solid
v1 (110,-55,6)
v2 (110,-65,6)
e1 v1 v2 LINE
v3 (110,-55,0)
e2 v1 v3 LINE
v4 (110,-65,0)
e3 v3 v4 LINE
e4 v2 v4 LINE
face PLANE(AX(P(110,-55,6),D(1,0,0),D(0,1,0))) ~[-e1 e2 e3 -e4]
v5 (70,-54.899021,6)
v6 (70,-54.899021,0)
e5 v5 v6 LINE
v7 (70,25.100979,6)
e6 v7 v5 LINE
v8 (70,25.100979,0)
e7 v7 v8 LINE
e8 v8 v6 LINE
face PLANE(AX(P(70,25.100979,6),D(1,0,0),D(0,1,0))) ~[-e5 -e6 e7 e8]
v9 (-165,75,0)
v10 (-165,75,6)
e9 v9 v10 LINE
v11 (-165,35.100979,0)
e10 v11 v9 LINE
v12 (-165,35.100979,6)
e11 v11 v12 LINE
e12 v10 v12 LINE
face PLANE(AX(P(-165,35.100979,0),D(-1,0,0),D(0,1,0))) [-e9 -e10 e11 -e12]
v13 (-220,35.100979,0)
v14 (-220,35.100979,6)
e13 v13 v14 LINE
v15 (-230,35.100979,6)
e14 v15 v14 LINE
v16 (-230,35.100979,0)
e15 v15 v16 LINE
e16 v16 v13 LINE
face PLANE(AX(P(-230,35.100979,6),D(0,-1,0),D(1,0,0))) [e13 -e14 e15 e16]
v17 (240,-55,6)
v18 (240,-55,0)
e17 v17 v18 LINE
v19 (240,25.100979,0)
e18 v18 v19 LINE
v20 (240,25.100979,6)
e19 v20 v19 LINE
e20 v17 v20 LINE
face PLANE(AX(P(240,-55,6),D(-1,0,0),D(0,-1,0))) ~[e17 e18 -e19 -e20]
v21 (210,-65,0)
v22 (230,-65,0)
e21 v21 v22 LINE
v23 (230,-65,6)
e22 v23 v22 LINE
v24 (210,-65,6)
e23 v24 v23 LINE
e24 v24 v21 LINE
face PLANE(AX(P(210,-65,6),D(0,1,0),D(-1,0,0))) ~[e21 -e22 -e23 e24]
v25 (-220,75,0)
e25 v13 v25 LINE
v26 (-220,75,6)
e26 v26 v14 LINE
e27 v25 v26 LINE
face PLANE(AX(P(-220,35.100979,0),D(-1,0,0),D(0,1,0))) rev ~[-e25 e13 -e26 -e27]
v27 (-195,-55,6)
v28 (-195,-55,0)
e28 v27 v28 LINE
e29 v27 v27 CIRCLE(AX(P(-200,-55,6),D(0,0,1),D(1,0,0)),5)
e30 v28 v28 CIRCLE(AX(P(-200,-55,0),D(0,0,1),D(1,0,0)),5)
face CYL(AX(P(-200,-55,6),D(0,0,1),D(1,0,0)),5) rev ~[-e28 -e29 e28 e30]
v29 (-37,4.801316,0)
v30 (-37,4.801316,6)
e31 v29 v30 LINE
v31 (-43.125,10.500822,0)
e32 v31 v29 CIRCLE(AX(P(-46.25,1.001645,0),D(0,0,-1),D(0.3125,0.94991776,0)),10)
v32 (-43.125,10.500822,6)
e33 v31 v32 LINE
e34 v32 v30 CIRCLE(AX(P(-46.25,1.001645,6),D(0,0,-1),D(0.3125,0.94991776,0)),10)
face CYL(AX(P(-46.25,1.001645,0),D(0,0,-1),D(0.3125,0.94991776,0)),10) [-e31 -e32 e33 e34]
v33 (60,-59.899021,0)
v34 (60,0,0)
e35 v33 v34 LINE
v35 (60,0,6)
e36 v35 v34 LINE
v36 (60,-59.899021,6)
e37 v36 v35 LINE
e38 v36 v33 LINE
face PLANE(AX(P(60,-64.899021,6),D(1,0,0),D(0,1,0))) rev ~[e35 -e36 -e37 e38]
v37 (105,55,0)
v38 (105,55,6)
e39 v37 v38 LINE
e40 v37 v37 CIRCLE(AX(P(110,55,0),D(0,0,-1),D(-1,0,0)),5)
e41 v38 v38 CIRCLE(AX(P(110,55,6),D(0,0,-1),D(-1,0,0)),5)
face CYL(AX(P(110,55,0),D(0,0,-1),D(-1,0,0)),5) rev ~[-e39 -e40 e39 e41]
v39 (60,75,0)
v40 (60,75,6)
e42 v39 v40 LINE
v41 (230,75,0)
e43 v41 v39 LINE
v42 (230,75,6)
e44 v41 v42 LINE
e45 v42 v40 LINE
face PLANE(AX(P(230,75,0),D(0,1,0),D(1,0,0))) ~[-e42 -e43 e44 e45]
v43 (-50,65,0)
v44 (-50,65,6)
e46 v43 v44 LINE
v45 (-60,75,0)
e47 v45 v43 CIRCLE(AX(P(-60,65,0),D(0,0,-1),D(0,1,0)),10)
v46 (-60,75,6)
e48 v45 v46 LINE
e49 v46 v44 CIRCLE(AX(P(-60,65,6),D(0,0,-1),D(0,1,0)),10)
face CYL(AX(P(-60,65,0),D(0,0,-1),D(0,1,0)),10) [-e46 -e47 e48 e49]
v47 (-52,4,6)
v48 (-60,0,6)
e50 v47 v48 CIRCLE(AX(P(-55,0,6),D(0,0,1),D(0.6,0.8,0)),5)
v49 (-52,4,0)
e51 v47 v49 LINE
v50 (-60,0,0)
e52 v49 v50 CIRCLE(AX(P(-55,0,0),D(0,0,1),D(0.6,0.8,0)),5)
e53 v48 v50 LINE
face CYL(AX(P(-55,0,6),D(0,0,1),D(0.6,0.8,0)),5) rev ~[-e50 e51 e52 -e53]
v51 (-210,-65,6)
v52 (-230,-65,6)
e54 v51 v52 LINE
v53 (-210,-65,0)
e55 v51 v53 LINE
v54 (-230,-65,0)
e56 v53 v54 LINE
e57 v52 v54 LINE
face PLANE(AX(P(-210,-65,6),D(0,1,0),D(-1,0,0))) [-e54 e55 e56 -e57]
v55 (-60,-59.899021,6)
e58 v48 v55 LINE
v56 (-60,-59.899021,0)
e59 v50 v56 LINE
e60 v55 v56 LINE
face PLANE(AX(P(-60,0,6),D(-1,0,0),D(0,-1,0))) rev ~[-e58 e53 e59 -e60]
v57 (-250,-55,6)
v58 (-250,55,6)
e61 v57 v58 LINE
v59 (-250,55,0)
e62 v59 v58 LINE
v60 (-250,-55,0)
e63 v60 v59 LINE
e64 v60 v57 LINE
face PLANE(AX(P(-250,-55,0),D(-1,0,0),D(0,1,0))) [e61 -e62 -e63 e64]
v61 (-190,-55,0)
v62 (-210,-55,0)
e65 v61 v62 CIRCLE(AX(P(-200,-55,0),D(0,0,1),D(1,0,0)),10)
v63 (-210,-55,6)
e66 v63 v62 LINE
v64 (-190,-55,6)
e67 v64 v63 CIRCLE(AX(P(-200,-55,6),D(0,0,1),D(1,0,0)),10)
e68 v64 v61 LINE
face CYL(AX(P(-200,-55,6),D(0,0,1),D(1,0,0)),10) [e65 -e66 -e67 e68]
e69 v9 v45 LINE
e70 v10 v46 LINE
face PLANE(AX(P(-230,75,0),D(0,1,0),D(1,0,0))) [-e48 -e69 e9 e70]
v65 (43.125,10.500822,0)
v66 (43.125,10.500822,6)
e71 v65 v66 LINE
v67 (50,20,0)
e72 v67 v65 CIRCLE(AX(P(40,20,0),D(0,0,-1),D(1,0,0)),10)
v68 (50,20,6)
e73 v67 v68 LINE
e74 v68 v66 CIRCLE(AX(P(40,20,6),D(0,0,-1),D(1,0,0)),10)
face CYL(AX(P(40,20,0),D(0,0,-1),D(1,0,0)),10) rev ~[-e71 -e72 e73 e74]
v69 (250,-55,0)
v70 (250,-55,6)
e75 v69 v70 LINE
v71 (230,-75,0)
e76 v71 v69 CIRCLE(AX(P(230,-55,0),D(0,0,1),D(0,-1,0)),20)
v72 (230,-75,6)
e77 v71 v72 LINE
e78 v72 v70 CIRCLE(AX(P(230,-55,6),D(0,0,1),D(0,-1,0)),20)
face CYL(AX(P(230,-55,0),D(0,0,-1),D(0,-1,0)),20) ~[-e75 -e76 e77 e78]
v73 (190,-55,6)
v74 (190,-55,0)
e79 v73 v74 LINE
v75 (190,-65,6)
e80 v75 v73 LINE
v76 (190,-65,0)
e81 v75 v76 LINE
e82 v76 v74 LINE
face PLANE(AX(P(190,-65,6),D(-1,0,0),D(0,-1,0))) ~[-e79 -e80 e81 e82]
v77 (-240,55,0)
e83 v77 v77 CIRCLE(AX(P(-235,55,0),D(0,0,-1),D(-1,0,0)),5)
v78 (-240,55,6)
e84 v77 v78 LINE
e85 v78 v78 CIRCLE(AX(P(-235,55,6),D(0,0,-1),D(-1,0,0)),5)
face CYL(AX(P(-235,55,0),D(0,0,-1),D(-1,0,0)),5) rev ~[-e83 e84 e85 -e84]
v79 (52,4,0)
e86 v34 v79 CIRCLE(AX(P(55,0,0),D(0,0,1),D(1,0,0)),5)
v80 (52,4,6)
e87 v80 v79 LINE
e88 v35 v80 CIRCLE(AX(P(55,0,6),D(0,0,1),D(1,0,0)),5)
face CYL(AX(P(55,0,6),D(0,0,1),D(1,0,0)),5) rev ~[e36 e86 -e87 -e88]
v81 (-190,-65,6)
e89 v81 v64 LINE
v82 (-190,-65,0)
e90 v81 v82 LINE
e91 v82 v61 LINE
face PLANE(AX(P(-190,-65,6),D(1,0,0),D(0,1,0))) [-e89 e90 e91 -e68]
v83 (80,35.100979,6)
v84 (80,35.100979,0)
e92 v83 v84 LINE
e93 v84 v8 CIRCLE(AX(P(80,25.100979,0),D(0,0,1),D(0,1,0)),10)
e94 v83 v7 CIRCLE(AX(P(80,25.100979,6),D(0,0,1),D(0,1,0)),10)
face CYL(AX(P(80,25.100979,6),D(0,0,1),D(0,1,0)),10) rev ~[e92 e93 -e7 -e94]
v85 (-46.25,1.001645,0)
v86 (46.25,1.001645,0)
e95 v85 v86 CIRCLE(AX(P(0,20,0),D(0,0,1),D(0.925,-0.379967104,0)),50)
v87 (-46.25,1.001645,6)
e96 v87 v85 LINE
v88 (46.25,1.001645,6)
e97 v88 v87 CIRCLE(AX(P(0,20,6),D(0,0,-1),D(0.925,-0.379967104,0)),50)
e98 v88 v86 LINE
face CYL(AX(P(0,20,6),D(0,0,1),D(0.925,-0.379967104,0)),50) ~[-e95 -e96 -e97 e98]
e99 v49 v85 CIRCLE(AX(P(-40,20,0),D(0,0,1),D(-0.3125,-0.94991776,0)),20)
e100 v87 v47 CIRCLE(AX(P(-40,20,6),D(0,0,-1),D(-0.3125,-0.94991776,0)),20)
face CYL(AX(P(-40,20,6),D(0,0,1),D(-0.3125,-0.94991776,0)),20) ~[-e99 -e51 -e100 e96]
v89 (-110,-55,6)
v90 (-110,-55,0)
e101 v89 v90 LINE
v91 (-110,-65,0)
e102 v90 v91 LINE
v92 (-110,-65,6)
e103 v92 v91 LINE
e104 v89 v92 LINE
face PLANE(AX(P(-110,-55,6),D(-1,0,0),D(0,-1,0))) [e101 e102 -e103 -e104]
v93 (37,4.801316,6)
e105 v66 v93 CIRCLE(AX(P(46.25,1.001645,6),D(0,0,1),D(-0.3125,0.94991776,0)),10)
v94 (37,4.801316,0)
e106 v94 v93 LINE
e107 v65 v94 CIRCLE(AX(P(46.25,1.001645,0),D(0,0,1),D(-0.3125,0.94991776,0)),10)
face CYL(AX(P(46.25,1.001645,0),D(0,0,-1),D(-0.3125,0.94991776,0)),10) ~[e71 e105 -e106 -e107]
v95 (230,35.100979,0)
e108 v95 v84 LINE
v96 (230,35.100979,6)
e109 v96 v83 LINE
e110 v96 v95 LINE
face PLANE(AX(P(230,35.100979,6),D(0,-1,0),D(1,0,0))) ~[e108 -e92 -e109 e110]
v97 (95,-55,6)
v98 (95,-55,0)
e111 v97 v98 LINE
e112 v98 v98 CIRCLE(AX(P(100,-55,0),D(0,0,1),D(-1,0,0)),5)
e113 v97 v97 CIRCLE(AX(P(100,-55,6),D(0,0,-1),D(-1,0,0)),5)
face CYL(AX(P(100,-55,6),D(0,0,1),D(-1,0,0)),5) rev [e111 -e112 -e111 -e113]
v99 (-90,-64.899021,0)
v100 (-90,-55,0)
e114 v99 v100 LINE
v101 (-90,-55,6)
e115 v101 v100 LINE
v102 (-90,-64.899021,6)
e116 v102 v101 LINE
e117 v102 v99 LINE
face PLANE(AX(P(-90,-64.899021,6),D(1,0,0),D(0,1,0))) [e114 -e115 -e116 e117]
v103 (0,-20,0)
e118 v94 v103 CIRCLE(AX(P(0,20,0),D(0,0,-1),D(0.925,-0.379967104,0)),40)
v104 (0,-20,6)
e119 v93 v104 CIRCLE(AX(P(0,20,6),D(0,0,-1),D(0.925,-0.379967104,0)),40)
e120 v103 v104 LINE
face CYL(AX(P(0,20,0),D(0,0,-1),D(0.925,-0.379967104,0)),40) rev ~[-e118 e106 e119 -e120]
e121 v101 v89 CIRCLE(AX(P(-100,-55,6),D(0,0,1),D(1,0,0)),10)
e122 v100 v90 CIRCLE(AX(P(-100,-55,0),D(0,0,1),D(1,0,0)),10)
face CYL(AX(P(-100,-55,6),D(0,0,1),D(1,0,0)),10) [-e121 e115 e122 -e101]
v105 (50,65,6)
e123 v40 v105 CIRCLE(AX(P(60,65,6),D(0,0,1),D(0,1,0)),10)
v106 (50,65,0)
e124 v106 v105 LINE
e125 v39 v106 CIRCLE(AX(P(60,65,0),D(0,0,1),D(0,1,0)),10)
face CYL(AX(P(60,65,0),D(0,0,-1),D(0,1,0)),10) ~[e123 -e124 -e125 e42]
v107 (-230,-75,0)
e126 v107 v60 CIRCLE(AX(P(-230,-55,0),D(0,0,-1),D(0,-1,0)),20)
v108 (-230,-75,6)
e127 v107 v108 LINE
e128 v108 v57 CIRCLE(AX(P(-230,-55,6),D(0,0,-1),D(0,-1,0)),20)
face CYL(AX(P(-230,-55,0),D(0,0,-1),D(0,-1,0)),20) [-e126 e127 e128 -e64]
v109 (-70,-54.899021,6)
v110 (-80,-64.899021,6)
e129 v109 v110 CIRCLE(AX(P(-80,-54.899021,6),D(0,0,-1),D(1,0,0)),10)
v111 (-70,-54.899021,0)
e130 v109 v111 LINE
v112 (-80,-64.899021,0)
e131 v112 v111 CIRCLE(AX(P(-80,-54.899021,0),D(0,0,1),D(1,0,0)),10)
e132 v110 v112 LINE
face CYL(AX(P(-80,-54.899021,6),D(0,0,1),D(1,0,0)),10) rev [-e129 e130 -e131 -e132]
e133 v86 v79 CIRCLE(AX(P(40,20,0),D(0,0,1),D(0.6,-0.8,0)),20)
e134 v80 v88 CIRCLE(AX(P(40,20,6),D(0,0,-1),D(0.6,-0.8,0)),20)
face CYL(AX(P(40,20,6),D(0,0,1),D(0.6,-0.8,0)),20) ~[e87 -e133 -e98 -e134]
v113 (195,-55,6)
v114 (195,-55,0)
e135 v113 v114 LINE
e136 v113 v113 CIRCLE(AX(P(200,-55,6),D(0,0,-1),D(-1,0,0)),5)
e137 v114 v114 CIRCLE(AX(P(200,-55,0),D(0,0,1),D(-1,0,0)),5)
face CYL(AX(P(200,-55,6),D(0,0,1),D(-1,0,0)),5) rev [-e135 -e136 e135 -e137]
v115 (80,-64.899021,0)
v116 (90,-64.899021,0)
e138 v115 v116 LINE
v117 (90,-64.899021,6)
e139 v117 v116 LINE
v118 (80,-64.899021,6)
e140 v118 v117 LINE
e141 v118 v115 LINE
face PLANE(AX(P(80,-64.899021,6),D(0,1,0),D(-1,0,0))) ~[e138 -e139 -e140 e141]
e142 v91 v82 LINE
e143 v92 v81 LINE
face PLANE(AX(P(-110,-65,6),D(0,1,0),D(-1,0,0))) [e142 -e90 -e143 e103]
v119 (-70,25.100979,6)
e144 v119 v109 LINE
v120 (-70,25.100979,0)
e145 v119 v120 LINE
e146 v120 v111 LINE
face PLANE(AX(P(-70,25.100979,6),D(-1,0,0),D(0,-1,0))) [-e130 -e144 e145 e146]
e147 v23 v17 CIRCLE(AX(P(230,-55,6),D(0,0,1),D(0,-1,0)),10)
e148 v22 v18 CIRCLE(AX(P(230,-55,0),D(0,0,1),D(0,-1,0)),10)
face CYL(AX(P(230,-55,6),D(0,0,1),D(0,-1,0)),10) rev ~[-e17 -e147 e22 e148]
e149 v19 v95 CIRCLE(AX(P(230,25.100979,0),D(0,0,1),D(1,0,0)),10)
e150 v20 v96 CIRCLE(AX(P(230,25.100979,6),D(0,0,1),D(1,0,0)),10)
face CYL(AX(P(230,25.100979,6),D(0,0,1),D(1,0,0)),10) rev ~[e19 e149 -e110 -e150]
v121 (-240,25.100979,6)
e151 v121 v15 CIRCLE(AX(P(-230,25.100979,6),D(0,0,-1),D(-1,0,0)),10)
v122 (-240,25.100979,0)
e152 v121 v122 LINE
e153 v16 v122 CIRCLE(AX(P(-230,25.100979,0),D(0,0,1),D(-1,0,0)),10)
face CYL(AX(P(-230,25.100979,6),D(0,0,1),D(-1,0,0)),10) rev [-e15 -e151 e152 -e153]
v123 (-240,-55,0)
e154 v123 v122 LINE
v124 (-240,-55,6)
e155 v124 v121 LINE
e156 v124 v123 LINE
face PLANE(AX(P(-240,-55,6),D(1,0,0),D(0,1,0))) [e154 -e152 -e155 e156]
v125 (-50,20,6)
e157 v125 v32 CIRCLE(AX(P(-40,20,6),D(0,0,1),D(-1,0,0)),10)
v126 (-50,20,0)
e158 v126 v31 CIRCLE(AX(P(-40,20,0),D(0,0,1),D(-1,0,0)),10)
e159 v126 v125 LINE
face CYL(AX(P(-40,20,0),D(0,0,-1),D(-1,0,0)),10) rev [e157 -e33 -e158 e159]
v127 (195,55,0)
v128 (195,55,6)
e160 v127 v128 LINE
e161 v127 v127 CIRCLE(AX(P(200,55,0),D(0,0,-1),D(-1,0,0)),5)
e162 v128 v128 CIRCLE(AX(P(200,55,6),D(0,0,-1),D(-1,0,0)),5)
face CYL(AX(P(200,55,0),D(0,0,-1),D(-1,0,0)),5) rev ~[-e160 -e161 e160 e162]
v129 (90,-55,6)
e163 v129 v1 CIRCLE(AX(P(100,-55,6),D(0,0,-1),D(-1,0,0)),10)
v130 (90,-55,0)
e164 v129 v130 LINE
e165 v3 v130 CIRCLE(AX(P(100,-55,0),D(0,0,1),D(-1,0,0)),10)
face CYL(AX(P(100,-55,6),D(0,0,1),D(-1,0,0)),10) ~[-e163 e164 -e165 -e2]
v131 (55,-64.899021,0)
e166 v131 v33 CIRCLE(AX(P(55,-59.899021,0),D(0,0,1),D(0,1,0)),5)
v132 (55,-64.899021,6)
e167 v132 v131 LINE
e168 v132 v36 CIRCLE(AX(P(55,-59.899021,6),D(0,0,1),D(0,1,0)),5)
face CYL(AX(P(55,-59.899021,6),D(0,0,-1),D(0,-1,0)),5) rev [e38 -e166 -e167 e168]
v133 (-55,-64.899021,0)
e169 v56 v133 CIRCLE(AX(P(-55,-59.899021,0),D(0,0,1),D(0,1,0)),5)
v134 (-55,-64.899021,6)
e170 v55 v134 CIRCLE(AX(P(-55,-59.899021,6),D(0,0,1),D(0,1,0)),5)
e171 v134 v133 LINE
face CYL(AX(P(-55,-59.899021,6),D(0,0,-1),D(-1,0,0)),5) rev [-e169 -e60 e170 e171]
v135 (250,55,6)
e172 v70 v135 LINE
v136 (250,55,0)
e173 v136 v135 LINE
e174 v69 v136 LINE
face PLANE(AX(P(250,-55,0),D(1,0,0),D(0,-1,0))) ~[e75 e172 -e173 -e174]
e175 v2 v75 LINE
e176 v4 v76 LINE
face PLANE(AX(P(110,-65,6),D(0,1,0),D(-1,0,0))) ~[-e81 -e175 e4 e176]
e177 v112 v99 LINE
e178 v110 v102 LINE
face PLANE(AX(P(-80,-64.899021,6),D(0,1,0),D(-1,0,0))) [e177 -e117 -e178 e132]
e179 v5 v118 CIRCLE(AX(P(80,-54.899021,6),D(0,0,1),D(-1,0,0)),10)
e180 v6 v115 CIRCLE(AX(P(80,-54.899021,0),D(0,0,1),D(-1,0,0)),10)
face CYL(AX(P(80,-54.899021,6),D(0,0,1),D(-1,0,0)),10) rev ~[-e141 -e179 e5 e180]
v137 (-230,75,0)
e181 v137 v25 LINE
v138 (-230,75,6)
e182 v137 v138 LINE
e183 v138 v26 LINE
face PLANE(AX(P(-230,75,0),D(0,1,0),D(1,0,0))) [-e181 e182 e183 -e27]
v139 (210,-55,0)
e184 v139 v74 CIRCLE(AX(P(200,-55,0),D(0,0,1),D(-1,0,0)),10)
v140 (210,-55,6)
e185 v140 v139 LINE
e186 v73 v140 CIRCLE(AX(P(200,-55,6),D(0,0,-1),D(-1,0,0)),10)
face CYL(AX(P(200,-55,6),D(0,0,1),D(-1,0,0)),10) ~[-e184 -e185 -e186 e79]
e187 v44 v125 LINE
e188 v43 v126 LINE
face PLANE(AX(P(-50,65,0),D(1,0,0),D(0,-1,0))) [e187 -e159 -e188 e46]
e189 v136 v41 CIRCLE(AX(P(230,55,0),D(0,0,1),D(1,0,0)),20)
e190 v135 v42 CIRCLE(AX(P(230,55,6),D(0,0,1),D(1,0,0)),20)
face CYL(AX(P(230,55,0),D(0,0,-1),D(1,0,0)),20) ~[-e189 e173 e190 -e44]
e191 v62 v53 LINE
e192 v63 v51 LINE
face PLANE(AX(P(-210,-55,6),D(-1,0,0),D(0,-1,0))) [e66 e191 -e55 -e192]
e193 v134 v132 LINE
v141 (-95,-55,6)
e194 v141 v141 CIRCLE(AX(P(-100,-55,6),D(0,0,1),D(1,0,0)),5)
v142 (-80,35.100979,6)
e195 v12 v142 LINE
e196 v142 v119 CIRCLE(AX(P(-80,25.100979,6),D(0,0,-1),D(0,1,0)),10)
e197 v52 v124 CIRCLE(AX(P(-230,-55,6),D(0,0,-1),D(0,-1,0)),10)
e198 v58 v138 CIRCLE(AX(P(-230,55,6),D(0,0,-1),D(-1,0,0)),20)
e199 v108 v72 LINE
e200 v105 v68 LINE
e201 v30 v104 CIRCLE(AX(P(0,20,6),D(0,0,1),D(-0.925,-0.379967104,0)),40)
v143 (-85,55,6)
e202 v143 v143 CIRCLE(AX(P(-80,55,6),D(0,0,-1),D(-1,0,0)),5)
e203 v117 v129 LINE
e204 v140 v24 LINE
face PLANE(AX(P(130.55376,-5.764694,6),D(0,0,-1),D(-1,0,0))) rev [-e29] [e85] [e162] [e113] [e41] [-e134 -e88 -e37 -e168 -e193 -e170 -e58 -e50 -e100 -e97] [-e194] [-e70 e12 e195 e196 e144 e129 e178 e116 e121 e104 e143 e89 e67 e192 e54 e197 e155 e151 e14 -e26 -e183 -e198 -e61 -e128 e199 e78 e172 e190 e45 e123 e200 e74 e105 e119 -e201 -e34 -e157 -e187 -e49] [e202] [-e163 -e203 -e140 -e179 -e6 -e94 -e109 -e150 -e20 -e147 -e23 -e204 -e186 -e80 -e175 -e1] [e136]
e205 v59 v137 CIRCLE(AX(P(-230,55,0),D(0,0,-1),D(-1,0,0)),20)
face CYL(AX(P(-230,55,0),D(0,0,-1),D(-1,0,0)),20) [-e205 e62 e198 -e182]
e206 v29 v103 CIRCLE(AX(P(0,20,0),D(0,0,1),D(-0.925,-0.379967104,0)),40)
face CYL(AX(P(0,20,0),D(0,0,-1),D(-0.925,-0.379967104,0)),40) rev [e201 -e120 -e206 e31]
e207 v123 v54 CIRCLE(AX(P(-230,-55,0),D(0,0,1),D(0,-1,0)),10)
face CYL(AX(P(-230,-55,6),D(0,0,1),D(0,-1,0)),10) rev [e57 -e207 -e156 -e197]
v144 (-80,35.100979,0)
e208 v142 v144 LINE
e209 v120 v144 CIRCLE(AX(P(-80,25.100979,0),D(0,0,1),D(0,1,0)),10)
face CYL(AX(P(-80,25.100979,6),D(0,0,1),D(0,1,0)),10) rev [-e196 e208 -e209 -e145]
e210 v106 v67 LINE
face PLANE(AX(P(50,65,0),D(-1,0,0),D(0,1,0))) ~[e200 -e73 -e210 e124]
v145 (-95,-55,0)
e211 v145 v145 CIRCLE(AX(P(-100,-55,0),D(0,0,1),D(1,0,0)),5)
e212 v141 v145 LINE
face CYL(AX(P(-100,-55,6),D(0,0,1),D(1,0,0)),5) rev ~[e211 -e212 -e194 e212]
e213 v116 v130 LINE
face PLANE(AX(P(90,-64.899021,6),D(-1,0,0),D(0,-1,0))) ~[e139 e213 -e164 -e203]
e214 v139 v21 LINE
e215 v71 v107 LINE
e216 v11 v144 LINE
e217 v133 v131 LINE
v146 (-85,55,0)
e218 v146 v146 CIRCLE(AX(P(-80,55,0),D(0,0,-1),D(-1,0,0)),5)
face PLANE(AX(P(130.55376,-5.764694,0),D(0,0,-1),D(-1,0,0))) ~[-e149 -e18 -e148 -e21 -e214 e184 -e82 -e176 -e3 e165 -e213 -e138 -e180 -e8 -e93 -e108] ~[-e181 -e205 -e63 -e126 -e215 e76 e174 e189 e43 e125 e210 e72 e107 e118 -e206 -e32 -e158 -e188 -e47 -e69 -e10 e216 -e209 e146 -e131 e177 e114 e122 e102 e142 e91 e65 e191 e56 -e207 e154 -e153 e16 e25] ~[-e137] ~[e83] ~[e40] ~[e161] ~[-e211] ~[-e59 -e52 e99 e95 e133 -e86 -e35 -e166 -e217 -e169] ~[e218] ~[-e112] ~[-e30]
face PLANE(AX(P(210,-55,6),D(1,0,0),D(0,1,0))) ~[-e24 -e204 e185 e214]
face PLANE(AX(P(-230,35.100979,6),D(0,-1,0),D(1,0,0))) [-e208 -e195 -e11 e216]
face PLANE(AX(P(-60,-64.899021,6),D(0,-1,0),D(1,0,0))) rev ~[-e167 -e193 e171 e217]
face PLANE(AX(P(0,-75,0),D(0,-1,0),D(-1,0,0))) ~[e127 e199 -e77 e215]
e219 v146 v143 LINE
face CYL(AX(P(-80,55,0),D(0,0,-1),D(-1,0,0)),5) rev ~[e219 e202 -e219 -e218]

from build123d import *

# Parameters (mm, degrees)
BOSS_EXTRUDE1_DEPTH = 6
SKETCH4_R           = 5
CUT_EXTRUDE2_DEPTH  = 262.076617107
CUT_EXTRUDE5_DEPTH  = 262.076617107
FILLET5_R           = 5
FILLET6_R           = 5
SKETCH9_R           = 5
SKETCH9_W           = 55
SKETCH9_H           = 39.899020921
CUT_EXTRUDE6_DEPTH  = 262.076617107


with BuildPart() as part:
    # Sketch1 → Boss-Extrude1 (new body)
    with BuildSketch(Plane.XY):
        with BuildLine():
            Line((-250, -55), (-250, 3.178280867))
            Line((-250, 3.178280867), (-250, 55))
            ThreePointArc((-250, 55), (-244.142135624, 69.142135624), (-230, 75))
            Line((-230, 75), (-220, 75))
            Line((-220, 75), (-164.330865428, 75))
            Line((-164.330865428, 75), (-60, 75))
            ThreePointArc((-60, 75), (-52.928932188, 72.071067812), (-50, 65))
            Line((-50, 65), (-50, 20))
            ThreePointArc((-50, 20), (-48.100925873, 14.1369803), (-43.125, 10.500822404))
            ThreePointArc((-43.125, 10.500822404), (-39.437786703, 8.32242004), (-37, 4.801315846))
            ThreePointArc((-37, 4.801315846), (-22.271648276, -13.226099426), (0, -20))
            Line((0, -20), (0, -40))
            Line((0, -40), (0, -65))
            Line((0, -65), (0, -75))
            Line((0, -75), (-230, -75))
            ThreePointArc((-230, -75), (-244.142135624, -69.142135624), (-250, -55))
        make_face()
    boss_extrude1 = extrude(amount=BOSS_EXTRUDE1_DEPTH)

    # Mirror1: Boss-Extrude1 across plane
    add(boss_extrude1.mirror(Plane(origin=(0, -20, 6), x_dir=(0, 0, 1), z_dir=(-1, 0, 0))))

    # Sketch4 → Cut-Extrude2 (cut, through all)
    with BuildSketch(Plane.XY.offset(6)):
        with Locations((-200, -55)):
            Circle(SKETCH4_R)
        with Locations((-100, -55)):
            Circle(SKETCH4_R)
        with BuildLine():
            Line((-70, 25.100979079), (-70, -54.899020921))
            ThreePointArc((-70, -54.899020921), (-72.928932188, -61.970088733), (-80, -64.899020921))
            Line((-80, -64.899020921), (-90, -64.899020921))
            Line((-90, -64.899020921), (-90, -55))
            ThreePointArc((-90, -55), (-100, -45), (-110, -55))
            Line((-110, -55), (-110, -65))
            Line((-110, -65), (-190, -65))
            Line((-190, -65), (-190, -55))
            ThreePointArc((-190, -55), (-200, -45), (-210, -55))
            Line((-210, -55), (-210, -65))
            Line((-210, -65), (-230, -65))
            ThreePointArc((-230, -65), (-237.071067812, -62.071067812), (-240, -55))
            Line((-240, -55), (-240, 25.100979079))
            ThreePointArc((-240, 25.100979079), (-237.071067812, 32.17204689), (-230, 35.100979079))
            Line((-230, 35.100979079), (-140, 35.100979079))
            Line((-140, 35.100979079), (-110, 35.100979079))
            Line((-110, 35.100979079), (-80, 35.100979079))
            ThreePointArc((-80, 35.100979079), (-72.928932188, 32.17204689), (-70, 25.100979079))
        make_face()
    cut_extrude2 = extrude(amount=-CUT_EXTRUDE2_DEPTH, mode=Mode.SUBTRACT)

    # Mirror2: Cut-Extrude2 across plane
    add(cut_extrude2.mirror(Plane(origin=(0, 0, 0), x_dir=(0, 0, 1), z_dir=(1, 0, 0))), mode=Mode.SUBTRACT)

    # Sketch8 → Cut-Extrude5 (cut, through all)
    with BuildSketch(Plane.XY.offset(6)):
        with BuildLine():
            Line((-60, 0), (-60, -64.899020921))
            Line((-60, -64.899020921), (60, -64.899020921))
            Line((60, -64.899020921), (60, 0))
            ThreePointArc((60, 0), (57.236067977, 4.472135955), (52, 4))
            ThreePointArc((52, 4), (49.247332505, 2.266223145), (46.25, 1.001644808))
            ThreePointArc((46.25, 1.001644808), (0, -30), (-46.25, 1.001644808))
            ThreePointArc((-46.25, 1.001644808), (-49.247332505, 2.266223145), (-52, 4))
            ThreePointArc((-52, 4), (-57.236067977, 4.472135955), (-60, 0))
        make_face()
    extrude(amount=-CUT_EXTRUDE5_DEPTH, mode=Mode.SUBTRACT)

    # Fillet5
    fillet5_edges = [part.edges().sort_by_distance(p)[0] for p in [
        (-60, -64.899020921, 3),
    ]]
    fillet(fillet5_edges, radius=FILLET5_R)

    # Fillet6
    fillet6_edges = [part.edges().sort_by_distance(p)[0] for p in [
        (60, -64.899020921, 3),
    ]]
    fillet(fillet6_edges, radius=FILLET6_R)

    # Sketch9 → Cut-Extrude6 (cut, through all)
    with BuildSketch(Plane(origin=(0, 0, 0), x_dir=(-1, 0, 0), z_dir=(0, 0, -1))):
        with Locations((-200, 55)):
            Circle(SKETCH9_R)
        with Locations((-110, 55)):
            Circle(SKETCH9_R)
        with Locations((80, 55)):
            Circle(SKETCH9_R)
        with Locations((235, 55)):
            Circle(SKETCH9_R)
        with Locations((192.5, 55.05048954)):
            Rectangle(SKETCH9_W, SKETCH9_H)
    extrude(amount=-CUT_EXTRUDE6_DEPTH, mode=Mode.SUBTRACT)


solid = part.part
